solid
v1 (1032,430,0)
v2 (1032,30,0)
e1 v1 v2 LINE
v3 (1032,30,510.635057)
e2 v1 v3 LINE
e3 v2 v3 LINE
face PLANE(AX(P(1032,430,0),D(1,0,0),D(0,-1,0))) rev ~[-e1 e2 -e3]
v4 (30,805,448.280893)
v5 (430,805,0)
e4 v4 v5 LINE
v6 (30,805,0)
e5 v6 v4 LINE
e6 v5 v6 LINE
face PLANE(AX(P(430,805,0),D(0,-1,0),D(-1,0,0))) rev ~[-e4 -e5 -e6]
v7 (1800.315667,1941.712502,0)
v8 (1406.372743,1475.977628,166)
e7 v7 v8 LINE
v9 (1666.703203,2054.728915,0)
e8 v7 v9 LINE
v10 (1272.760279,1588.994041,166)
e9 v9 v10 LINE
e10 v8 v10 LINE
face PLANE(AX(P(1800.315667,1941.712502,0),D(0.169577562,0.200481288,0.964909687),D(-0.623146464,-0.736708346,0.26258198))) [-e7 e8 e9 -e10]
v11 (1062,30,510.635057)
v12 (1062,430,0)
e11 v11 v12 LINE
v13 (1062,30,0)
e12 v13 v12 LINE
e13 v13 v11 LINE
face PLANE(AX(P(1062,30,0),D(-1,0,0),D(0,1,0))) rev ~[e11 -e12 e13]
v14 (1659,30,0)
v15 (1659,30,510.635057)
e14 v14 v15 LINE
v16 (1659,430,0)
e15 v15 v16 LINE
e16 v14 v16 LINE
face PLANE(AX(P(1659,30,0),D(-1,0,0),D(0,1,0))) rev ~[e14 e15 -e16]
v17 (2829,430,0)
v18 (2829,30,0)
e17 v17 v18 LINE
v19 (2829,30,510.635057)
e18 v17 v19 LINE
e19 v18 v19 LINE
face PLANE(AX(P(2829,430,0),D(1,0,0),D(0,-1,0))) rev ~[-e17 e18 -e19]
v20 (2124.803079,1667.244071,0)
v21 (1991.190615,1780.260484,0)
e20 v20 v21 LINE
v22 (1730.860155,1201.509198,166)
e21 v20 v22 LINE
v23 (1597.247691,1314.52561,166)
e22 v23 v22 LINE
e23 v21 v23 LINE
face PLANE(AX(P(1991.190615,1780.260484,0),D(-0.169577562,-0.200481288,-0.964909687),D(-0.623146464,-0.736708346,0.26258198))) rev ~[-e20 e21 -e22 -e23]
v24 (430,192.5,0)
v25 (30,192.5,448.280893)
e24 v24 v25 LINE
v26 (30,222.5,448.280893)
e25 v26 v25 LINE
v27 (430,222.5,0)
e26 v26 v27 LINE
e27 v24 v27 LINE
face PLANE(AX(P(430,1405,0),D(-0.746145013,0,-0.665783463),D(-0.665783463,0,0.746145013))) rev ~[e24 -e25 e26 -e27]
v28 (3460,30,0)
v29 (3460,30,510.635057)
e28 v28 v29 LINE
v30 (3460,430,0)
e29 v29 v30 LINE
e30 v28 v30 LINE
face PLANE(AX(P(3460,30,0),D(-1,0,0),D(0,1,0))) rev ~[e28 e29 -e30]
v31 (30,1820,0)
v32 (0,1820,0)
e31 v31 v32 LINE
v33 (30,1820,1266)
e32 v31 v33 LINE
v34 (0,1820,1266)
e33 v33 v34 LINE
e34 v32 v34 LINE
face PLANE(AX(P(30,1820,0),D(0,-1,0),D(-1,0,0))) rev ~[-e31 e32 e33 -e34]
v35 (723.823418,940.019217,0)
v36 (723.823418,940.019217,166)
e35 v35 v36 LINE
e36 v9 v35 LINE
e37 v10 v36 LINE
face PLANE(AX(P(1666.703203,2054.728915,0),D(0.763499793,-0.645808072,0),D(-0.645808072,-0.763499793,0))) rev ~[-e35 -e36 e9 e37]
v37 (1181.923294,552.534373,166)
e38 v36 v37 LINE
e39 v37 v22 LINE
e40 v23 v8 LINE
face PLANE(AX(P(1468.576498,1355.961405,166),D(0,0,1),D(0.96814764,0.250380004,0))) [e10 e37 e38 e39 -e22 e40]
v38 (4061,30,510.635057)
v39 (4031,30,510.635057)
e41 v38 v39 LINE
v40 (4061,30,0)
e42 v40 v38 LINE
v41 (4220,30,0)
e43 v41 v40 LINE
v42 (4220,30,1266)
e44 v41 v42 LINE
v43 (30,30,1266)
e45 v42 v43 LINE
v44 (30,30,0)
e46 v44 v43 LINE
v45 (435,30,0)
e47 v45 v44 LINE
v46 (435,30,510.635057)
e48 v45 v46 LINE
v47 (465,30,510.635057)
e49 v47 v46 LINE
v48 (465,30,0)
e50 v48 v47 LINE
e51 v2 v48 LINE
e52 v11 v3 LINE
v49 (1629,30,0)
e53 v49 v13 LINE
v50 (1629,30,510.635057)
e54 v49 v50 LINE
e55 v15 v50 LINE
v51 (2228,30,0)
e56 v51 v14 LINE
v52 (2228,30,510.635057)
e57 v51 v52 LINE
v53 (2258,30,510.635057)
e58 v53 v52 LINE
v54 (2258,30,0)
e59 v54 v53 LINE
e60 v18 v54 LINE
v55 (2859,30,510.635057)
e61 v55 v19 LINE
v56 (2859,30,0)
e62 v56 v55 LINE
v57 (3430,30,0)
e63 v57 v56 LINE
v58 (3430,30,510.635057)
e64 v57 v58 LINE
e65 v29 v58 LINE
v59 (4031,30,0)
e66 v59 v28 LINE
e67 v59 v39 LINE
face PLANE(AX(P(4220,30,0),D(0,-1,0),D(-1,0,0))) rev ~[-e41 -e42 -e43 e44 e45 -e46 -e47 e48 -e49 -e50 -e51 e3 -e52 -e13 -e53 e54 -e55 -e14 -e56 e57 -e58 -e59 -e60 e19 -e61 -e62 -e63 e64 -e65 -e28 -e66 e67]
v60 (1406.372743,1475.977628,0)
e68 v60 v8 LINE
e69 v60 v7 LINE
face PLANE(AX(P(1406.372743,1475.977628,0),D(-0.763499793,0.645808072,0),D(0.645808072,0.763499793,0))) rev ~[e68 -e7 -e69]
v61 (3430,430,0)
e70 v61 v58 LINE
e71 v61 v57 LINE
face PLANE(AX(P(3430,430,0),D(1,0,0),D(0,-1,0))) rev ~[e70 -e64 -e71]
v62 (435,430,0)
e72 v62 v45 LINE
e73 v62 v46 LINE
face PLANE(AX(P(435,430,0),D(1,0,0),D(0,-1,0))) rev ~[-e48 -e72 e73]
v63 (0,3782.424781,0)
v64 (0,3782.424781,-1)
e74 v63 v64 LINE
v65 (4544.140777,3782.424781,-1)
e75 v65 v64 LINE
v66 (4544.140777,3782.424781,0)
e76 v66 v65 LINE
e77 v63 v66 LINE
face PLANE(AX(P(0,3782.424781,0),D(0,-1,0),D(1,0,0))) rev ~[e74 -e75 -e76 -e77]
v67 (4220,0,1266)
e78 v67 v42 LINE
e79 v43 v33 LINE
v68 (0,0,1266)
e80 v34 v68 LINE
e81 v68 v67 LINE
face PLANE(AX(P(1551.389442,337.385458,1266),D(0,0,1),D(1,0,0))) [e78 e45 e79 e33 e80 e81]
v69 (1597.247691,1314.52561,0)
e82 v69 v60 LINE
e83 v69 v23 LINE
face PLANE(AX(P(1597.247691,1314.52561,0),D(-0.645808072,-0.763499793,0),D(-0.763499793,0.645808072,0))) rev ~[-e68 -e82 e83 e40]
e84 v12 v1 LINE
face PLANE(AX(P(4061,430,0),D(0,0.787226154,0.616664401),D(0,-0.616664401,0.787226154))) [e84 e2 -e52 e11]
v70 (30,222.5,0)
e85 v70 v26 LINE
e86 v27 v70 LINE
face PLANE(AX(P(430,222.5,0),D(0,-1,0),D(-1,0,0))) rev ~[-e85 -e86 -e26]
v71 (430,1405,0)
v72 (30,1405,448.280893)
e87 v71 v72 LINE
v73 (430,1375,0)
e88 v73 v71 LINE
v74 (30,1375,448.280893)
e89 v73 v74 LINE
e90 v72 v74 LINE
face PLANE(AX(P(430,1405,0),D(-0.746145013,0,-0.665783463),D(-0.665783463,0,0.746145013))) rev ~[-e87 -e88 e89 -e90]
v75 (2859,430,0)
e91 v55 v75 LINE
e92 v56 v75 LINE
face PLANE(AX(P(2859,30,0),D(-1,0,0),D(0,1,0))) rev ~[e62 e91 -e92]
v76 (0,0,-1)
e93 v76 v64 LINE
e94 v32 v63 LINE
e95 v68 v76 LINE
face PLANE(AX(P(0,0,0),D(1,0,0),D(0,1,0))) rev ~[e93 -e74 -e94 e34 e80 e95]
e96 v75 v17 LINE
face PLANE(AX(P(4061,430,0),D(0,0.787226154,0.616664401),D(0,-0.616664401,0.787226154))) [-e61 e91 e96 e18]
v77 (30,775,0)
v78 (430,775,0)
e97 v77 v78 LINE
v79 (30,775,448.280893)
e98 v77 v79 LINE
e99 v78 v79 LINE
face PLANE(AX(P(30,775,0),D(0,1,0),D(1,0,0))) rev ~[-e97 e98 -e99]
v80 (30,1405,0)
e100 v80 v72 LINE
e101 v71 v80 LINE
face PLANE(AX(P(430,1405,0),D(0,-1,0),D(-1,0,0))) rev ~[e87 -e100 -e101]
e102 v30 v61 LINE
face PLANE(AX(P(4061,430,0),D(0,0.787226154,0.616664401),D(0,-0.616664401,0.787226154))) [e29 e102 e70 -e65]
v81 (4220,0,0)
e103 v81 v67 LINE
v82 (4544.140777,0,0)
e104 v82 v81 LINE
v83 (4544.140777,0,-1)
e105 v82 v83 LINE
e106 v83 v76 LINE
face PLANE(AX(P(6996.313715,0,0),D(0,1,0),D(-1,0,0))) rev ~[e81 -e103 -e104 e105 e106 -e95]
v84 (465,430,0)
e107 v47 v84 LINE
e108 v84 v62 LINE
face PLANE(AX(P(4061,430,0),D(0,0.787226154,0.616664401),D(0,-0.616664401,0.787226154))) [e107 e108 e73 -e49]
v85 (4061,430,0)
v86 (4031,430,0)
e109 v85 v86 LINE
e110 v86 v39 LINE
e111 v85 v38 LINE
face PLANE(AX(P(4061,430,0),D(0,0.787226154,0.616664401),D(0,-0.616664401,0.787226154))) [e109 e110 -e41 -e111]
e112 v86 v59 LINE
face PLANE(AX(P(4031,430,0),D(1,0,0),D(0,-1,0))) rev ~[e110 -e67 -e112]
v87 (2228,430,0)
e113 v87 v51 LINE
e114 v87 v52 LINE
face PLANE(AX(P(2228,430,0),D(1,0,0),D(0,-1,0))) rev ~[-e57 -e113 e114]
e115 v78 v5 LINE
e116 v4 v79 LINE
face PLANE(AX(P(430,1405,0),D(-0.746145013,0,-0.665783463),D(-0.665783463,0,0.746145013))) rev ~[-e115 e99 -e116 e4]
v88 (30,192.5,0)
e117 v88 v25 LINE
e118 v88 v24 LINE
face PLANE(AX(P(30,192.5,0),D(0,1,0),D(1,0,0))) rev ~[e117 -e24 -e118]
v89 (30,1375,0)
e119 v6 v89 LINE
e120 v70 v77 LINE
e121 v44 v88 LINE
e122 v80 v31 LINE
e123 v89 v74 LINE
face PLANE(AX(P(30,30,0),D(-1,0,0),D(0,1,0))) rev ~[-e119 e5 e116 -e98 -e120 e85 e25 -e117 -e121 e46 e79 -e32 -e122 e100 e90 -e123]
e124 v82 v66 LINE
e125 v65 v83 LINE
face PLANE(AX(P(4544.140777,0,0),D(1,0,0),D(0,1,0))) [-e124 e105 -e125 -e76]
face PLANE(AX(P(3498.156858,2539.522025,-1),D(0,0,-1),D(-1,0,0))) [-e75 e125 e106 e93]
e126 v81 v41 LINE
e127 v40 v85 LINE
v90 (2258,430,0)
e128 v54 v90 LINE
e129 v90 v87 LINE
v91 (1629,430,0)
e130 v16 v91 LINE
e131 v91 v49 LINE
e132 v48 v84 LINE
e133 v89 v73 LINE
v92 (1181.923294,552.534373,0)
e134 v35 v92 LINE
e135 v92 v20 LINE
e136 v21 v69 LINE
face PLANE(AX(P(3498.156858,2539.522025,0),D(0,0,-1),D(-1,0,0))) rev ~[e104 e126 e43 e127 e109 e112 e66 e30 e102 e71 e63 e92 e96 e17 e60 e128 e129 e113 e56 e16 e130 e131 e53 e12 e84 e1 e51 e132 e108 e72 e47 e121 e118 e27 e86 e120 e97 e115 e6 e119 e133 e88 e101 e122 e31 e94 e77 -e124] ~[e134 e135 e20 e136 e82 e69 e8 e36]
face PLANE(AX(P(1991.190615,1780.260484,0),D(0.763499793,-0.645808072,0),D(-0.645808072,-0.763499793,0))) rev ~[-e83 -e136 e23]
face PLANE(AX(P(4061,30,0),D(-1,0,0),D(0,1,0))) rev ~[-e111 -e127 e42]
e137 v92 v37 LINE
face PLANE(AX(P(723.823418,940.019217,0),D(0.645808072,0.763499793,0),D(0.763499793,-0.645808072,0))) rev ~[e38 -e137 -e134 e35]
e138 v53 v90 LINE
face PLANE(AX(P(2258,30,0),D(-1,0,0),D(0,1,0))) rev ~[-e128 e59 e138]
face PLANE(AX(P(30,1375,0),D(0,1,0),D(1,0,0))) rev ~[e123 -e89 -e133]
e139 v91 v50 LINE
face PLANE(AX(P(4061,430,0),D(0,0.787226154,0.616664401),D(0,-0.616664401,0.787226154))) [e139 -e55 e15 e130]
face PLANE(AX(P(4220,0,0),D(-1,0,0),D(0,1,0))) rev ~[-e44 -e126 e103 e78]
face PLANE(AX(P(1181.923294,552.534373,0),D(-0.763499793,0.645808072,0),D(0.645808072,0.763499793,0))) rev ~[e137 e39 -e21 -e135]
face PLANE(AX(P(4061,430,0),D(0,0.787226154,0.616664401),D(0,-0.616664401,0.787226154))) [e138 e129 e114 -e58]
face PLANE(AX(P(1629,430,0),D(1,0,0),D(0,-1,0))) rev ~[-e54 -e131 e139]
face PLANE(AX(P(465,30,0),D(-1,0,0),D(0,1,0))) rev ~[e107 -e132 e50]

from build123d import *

# Parameters (mm, degrees)
BOSS_EXTRUDE1_DEPTH = 1266
BOSS_EXTRUDE2_DEPTH = 2500
BOSS_EXTRUDE3_DEPTH = 902.5
CUT_EXTRUDE1_DEPTH  = 3630
CUT_EXTRUDE3_DEPTH  = 1220
SKETCH8_W           = 485
SKETCH8_H           = 285
CUT_EXTRUDE5_DEPTH  = 390
SKETCH9_W           = 270
SKETCH9_H           = 285
CUT_EXTRUDE6_DEPTH  = 390
SKETCH10_W          = 470
SKETCH10_H          = 285
CUT_EXTRUDE7_DEPTH  = 390
SKETCH11_W          = 485
SKETCH11_H          = 217.5
CUT_EXTRUDE8_DEPTH  = 390
SKETCH12_W          = 270
SKETCH12_H          = 217.5
CUT_EXTRUDE9_DEPTH  = 390
SKETCH13_W          = 470
SKETCH13_H          = 217.5
CUT_EXTRUDE10_DEPTH = 390
SKETCH14_W          = 585
SKETCH14_H          = 155.831493033
CUT_EXTRUDE11_DEPTH = 499
SKETCH15_W          = 6996.313715464
SKETCH15_H          = 5079.044050363
BOSS_EXTRUDE5_DEPTH = 1
BOSS_EXTRUDE8_DEPTH = 166
CUT_EXTRUDE12_DEPTH = 180
CUT_EXTRUDE13_DEPTH = 180
SKETCH25_W          = 2533.673727512
SKETCH25_H          = 5079.044050363
CUT_EXTRUDE14_DEPTH = 20000
SKETCH26_W          = 6996.313715464
SKETCH26_H          = 1296.619269855
CUT_EXTRUDE15_DEPTH = 2000
SKETCH27_W          = 2452.172937996
SKETCH27_H          = 3782.424780508
CUT_EXTRUDE16_DEPTH = 2000


with BuildPart() as part:
    # walls → Boss-Extrude1 (new body)
    with BuildSketch(Plane.XY):
        Polygon((0, 0), (4220, 0), (4220, 30), (4061, 30), (4061, 430), (4031, 430), (4031, 30), (3460, 30), (3460, 430), (3430, 430), (3430, 30), (2859, 30), (2859, 430), (2829, 430), (2829, 30), (2258, 30), (2258, 430), (2228, 430), (2228, 30), (1659, 30), (1659, 430), (1629, 430), (1629, 30), (1062, 30), (1062, 430), (1032, 430), (1032, 30), (465, 30), (465, 430), (435, 430), (435, 30), (30, 30), (30, 192.5), (430, 192.5), (430, 222.5), (30, 222.5), (30, 775), (430, 775), (430, 805), (30, 805), (30, 1375), (430, 1375), (430, 1405), (30, 1405), (30, 1820), (0, 1820), (0, 30), align=None)
    extrude(amount=BOSS_EXTRUDE1_DEPTH)

    # large_wall_cut → Cut-Extrude1 (cut)
    with BuildSketch(Plane(origin=(4061, 0, 0), x_dir=(0, 0, -1), z_dir=(1, 0, 0))):
        Polygon((-1266, 30), (-1266, 430), (0, 430), (-510.635057002, 30), align=None)
    extrude(amount=-CUT_EXTRUDE1_DEPTH, mode=Mode.SUBTRACT)

    # small_wall_cut → Cut-Extrude3 (cut)
    with BuildSketch(Plane(origin=(0, 1405, 0), x_dir=(1, 0, 0), z_dir=(0, 1, 0))):
        Polygon((30, -1266), (430, -1266), (430, 0), (30, -448.280892995), align=None)
    extrude(amount=-CUT_EXTRUDE3_DEPTH, mode=Mode.SUBTRACT)



with BuildPart() as body_2:
    # column → Boss-Extrude2 (new body)
    with BuildSketch(Plane(origin=(914.708707022, 1935.068858389, 0), x_dir=(1, 0, 0), z_dir=(0, 0, 1))):
        Polygon((5085, 2493.425486023), (5585, 2493.425486023), (5585, 1993.425486023), (5285, 1993.425486023), (5285, 2193.425486023), (5085, 2193.425486023), align=None)
    extrude(amount=BOSS_EXTRUDE2_DEPTH)


with BuildPart() as body_3:
    # stairs → Boss-Extrude3 (new body)
    with BuildSketch(Plane(origin=(5389.144664379, -90.533957801, 0), x_dir=(1, 0, 0), z_dir=(0, 0, 1))):
        Polygon((0, 2425), (1250, 2425), (1250, 2721), (814.684080579, 2721), (814.684080579, 2766), (1295, 2766), (1295, 2721), (1295, 2425), (1295, 2380), (0, 2380), align=None)
    extrude(amount=BOSS_EXTRUDE3_DEPTH)

    # Sketch8 → Cut-Extrude5 (cut)
    with BuildSketch(Plane(origin=(5389.144664379, 2289.466042199, 0), x_dir=(-1, 0, 0), z_dir=(0, -1, 0))):
        with Locations((-242.5, -142.5)):
            Rectangle(SKETCH8_W, SKETCH8_H)
    extrude(amount=-CUT_EXTRUDE5_DEPTH, mode=Mode.SUBTRACT)

    # Sketch9 → Cut-Extrude6 (cut)
    with BuildSketch(Plane(origin=(5389.144664379, 2289.466042199, 0), x_dir=(1, 0, 0), z_dir=(0, -1, 0))):
        with Locations((655, 142.5)):
            Rectangle(SKETCH9_W, SKETCH9_H)
    extrude(amount=-CUT_EXTRUDE6_DEPTH, mode=Mode.SUBTRACT)

    # Sketch10 → Cut-Extrude7 (cut)
    with BuildSketch(Plane(origin=(5389.144664379, 2289.466042199, 0), x_dir=(1, 0, 0), z_dir=(0, -1, 0))):
        with Locations((1060, 142.5)):
            Rectangle(SKETCH10_W, SKETCH10_H)
    extrude(amount=-CUT_EXTRUDE7_DEPTH, mode=Mode.SUBTRACT)

    # Sketch11 → Cut-Extrude8 (cut)
    with BuildSketch(Plane(origin=(5389.144664379, 2289.466042199, 0), x_dir=(-1, 0, 0), z_dir=(0, -1, 0))):
        with Locations((-242.5, -743.75)):
            Rectangle(SKETCH11_W, SKETCH11_H)
    extrude(amount=-CUT_EXTRUDE8_DEPTH, mode=Mode.SUBTRACT)

    # Sketch12 → Cut-Extrude9 (cut)
    with BuildSketch(Plane(origin=(5389.144664379, 2289.466042199, 0), x_dir=(1, 0, 0), z_dir=(0, -1, 0))):
        with Locations((655, 743.75)):
            Rectangle(SKETCH12_W, SKETCH12_H)
    extrude(amount=-CUT_EXTRUDE9_DEPTH, mode=Mode.SUBTRACT)

    # Sketch13 → Cut-Extrude10 (cut)
    with BuildSketch(Plane(origin=(5389.144664379, 2289.466042199, 0), x_dir=(1, 0, 0), z_dir=(0, -1, 0))):
        with Locations((1060, 743.75)):
            Rectangle(SKETCH13_W, SKETCH13_H)
    extrude(amount=-CUT_EXTRUDE10_DEPTH, mode=Mode.SUBTRACT)

    # Sketch14 → Cut-Extrude11 (cut)
    with BuildSketch(Plane(origin=(6684.144664379, -90.533957801, 0), x_dir=(0, 0, -1), z_dir=(1, 0, 0))):
        with Locations((-292.5, 2688.084253484)):
            Rectangle(SKETCH14_W, SKETCH14_H)
    extrude(amount=-CUT_EXTRUDE11_DEPTH, mode=Mode.SUBTRACT)


with BuildPart() as part_1:
    add(part.part)

    add(body_2.part)  # Boss-Extrude5 merges body 2

    add(body_3.part)  # Boss-Extrude5 merges body 3
    # Sketch15 → Boss-Extrude5 (add)
    with BuildSketch(Plane(origin=(0, 0, 0), x_dir=(-1, 0, 0), z_dir=(0, 0, -1))):
        with Locations((-3498.156857732, 2539.522025182)):
            Rectangle(SKETCH15_W, SKETCH15_H)
    extrude(amount=BOSS_EXTRUDE5_DEPTH)

    # Sketch18 → Boss-Extrude8 (add)
    with BuildSketch(Plane(origin=(-186.04659113, 70.659630185, 0), x_dir=(0.968147640378129, 0.2503800040543594, 0), z_dir=(0, 0, 1))):
        Polygon((1445.048616126, 124.013590319), (2138.990862123, 614.874221478), (2636.996473956, 967.138909721), (2535.936932247, 1110.009372132), (2037.931320414, 757.744683889), (1893.560546544, 961.845344476), (2391.566158377, 1314.110032719), (2290.506616668, 1456.98049513), (1792.501004835, 1104.715806887), (1098.558758838, 613.855175729), align=None)
    extrude(amount=BOSS_EXTRUDE8_DEPTH)

    # Sketch20 → Cut-Extrude12 (cut)
    with BuildSketch(Plane(origin=(424.631523371, -71.78750701, 0), x_dir=(0.645808072001047, 0.7634997931488198, 0), z_dir=(-0.7634997931488198, 0.645808072001047, 0))):
        Polygon((2425.734764591, 0), (1815.734764591, -166), (2425.734764591, -166), align=None)
    extrude(amount=-CUT_EXTRUDE12_DEPTH, mode=Mode.SUBTRACT)

    # Sketch21 → Cut-Extrude13 (cut)
    with BuildSketch(Plane(origin=(233.756575084, 89.664510991, 0), x_dir=(-0.6458080720010444, -0.7634997931488219, 0), z_dir=(0.7634997931488219, -0.6458080720010444, 0))):
        Polygon((-2425.734764591, 0), (-1815.734764591, -166), (-2425.734764591, -166), align=None)
    extrude(amount=-CUT_EXTRUDE13_DEPTH, mode=Mode.SUBTRACT)

    # Sketch25 → Cut-Extrude14 (cut)
    with BuildSketch(Plane.XY):
        with Locations((5729.476851708, 2539.522025182)):
            Rectangle(SKETCH25_W, SKETCH25_H)
    extrude(amount=CUT_EXTRUDE14_DEPTH, mode=Mode.SUBTRACT)

    # Sketch26 → Cut-Extrude15 (cut)
    with BuildSketch(Plane.XY):
        with Locations((3498.156857732, 4430.734415436)):
            Rectangle(SKETCH26_W, SKETCH26_H)
    extrude(amount=-CUT_EXTRUDE15_DEPTH, mode=Mode.SUBTRACT)

    # Sketch27 → Cut-Extrude16 (cut)
    with BuildSketch(Plane.XY):
        with Locations((5770.227246466, 1891.212390254)):
            Rectangle(SKETCH27_W, SKETCH27_H)
    extrude(amount=-CUT_EXTRUDE16_DEPTH, mode=Mode.SUBTRACT)


solid = part_1.part
